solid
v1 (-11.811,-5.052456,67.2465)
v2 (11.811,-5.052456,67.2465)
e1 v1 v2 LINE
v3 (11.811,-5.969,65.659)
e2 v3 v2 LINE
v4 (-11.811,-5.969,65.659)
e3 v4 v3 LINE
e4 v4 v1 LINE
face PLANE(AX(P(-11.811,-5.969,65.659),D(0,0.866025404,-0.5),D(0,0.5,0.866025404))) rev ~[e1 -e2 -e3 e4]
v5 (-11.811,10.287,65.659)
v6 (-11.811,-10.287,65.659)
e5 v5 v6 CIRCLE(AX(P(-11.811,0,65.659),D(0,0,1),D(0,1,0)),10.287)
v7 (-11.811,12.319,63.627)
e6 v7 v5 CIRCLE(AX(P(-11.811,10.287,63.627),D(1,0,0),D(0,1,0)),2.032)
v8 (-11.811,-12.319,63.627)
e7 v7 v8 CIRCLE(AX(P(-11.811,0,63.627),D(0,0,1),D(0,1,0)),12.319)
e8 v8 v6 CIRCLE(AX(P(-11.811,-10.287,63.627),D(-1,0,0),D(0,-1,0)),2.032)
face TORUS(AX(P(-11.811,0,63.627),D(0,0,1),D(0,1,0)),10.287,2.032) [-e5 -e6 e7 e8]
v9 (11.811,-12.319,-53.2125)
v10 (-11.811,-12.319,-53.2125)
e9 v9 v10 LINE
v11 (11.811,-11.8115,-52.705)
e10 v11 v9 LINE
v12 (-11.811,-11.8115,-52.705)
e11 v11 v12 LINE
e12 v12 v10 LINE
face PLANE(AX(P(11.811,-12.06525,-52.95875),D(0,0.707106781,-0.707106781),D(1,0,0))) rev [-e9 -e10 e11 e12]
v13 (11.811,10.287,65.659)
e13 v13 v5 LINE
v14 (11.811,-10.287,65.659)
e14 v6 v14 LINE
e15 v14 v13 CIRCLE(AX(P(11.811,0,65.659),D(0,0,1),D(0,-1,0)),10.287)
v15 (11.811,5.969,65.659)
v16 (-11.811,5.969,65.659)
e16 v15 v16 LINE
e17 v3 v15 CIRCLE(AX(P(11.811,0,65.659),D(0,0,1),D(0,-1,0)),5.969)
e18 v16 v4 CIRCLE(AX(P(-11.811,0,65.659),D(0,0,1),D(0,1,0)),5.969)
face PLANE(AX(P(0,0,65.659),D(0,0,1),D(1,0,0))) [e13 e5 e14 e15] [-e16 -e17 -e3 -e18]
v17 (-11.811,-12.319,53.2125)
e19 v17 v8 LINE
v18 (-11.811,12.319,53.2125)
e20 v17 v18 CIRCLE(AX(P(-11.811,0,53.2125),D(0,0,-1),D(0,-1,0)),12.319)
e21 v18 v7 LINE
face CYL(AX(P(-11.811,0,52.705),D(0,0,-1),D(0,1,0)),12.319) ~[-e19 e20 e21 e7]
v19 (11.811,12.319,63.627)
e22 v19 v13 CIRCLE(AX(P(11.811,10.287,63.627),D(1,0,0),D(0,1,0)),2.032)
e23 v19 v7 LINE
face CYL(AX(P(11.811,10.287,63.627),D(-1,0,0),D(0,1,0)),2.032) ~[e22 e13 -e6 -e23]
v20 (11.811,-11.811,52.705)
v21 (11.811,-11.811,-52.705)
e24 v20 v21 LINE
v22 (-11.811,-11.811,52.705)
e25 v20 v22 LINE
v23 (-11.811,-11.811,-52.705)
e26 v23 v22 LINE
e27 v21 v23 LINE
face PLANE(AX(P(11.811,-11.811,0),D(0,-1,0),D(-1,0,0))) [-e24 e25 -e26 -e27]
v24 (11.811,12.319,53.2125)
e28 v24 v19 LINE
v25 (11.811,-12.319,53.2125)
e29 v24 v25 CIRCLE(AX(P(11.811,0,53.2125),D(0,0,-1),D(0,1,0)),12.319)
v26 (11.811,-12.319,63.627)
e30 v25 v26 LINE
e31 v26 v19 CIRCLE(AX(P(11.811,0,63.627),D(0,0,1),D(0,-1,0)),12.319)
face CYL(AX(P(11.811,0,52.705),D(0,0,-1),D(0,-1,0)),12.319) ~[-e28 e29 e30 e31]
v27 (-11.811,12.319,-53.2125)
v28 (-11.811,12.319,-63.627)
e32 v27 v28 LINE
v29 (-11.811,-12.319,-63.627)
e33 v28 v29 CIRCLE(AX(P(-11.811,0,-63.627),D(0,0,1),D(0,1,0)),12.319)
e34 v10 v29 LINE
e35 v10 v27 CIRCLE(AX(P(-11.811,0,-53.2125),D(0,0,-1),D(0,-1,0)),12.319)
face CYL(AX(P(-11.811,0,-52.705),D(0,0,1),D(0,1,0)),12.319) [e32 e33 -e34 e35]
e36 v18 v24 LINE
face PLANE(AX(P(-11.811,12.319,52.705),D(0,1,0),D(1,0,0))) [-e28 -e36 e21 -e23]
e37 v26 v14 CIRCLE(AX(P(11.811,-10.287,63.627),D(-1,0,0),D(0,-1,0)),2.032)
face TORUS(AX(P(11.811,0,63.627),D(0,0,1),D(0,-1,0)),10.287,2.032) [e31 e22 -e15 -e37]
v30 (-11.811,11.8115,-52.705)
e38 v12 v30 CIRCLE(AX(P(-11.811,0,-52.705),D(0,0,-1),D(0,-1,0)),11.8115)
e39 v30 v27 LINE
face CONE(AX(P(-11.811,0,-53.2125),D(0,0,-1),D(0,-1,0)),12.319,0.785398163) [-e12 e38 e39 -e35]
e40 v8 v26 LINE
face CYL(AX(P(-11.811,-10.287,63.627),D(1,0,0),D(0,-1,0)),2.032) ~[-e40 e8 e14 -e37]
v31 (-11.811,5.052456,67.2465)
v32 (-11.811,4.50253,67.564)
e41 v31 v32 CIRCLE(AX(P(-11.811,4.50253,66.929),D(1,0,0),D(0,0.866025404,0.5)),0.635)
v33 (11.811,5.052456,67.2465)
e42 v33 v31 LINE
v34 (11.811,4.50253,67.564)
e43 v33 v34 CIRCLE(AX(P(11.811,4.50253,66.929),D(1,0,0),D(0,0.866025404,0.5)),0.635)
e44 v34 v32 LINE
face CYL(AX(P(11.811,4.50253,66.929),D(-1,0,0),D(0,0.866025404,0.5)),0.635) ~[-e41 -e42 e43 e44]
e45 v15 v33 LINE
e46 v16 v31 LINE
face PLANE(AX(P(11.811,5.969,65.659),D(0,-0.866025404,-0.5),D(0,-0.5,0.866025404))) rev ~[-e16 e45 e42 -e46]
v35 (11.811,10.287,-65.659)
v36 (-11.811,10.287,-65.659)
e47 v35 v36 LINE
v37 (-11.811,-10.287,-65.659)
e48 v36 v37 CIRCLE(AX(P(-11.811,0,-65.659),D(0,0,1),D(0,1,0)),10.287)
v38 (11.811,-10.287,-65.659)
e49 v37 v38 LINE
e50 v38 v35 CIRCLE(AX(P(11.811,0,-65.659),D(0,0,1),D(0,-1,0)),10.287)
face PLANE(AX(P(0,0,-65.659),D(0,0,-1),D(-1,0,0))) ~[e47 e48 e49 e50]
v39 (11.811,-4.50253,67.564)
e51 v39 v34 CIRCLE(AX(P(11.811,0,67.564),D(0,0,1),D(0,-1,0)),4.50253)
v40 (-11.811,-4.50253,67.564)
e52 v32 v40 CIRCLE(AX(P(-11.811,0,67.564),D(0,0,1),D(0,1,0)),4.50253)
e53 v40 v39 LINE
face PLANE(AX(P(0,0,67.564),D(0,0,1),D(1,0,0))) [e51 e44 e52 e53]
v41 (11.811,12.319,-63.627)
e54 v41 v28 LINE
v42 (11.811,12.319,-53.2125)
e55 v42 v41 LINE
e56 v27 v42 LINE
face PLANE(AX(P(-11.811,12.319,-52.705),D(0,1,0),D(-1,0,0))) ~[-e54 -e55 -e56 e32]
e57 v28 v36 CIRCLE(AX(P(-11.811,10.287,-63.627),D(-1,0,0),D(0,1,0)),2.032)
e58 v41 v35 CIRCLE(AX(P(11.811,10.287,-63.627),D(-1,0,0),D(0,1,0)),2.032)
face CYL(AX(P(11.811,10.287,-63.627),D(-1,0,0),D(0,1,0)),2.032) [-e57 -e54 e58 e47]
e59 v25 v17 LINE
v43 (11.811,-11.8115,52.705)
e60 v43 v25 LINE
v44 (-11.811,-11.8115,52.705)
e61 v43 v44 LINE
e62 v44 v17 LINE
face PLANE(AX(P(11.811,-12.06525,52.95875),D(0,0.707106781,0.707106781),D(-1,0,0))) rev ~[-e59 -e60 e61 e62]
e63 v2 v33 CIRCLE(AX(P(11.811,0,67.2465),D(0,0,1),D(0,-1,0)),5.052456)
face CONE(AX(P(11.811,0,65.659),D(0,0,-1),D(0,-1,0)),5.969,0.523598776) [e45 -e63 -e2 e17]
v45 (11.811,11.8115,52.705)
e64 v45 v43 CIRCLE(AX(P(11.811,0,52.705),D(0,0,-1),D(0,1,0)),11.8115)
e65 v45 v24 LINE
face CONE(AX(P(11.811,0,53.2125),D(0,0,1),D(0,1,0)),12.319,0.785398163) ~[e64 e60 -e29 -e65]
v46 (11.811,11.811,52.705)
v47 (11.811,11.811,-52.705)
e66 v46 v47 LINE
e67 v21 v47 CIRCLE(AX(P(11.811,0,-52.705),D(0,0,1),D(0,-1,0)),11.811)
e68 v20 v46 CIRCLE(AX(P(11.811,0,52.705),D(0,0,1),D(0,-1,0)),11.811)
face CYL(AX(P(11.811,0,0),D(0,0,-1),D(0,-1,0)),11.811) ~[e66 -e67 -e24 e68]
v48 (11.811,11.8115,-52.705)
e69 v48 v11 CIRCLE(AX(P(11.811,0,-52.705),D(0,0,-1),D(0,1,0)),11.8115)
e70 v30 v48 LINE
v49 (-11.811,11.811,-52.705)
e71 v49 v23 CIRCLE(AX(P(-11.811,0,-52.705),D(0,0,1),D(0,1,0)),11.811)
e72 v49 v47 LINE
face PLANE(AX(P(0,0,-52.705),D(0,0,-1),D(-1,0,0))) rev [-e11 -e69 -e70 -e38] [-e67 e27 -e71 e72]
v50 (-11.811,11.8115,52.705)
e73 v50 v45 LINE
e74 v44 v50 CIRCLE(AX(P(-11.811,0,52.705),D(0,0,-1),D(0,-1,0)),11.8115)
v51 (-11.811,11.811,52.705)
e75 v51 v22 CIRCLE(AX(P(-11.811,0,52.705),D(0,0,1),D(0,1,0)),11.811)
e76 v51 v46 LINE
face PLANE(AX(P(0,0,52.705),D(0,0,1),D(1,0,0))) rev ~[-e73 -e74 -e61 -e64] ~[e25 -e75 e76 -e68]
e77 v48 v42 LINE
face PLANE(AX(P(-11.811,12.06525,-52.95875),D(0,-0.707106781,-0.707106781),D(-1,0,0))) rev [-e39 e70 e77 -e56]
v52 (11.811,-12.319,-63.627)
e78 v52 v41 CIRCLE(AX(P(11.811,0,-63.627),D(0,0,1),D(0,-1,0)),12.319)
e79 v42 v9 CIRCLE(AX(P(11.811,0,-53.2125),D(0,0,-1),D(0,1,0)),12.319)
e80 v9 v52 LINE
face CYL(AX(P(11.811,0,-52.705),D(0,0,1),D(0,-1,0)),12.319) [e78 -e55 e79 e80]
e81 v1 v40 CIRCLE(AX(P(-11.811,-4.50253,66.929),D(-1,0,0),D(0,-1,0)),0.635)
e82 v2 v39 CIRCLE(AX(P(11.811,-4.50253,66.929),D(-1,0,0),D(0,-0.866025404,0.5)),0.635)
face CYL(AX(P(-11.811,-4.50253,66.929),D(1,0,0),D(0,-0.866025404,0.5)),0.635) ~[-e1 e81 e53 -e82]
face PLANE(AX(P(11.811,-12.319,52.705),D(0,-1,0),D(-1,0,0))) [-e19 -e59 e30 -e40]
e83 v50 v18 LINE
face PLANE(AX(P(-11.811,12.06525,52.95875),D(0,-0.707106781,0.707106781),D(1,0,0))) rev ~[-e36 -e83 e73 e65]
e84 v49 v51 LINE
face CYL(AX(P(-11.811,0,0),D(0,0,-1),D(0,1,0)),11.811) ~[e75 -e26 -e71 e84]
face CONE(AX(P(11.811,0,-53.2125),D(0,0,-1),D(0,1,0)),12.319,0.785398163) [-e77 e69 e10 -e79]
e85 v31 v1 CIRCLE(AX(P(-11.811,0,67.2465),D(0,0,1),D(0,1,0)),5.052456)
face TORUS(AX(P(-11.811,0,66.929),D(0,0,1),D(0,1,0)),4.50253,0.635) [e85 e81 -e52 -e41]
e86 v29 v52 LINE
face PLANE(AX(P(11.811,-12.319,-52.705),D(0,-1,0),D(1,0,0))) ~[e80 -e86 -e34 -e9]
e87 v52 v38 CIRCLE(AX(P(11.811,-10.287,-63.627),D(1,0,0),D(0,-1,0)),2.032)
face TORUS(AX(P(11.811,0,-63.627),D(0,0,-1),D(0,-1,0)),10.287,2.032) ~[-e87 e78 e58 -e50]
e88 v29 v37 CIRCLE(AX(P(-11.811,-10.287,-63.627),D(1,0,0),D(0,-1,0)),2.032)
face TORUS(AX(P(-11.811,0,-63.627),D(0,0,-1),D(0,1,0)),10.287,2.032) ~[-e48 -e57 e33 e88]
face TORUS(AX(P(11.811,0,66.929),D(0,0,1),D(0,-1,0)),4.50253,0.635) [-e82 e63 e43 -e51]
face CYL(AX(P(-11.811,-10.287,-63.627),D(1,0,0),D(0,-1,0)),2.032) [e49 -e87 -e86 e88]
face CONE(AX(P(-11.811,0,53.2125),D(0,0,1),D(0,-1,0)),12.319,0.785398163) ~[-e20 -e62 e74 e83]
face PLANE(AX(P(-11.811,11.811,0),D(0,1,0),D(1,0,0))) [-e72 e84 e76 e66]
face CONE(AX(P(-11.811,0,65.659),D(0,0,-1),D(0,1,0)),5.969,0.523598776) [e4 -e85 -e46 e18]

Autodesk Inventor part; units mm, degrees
ref_plane "YZ Plane" through (0, 0, 0) normal (1, 0, 0) x (0, 1, 0)
ref_plane "XZ Plane" through (0, 0, 0) normal (0, 1, 0) x (-1, 0, 0)
ref_plane "XY Plane" through (0, 0, 0) normal (0, 0, 1) x (1, 0, 0)
sketch "Sketch1" plane through (0, 0, 0) normal (0, 0, 1) x (1, 0, 0)
  arc A0 (-11.811, 11.811) -> (-11.811, -11.811) centre (-11.811, 0) ccw
  line L0 (-11.811, 11.811) -> (11.811, 11.811)
  arc A1 (11.811, -11.811) -> (11.811, 11.811) centre (11.811, 0) ccw
  line L1 (11.811, -11.811) -> (-11.811, -11.811)
  point P0 (0, 0)
  point P1 (0, 0)
extrude "Extrusion1" add sketch "Sketch1" along normal mid plane 105.41
sketch "Sketch2" plane through (0, 0, 52.705) normal (0, 0, 1) x (1, 0, 0)
  arc A0 (11.811, -12.319) -> (11.811, 12.319) centre (11.811, 0) ccw
  line L0 (11.811, -12.319) -> (-11.811, -12.319)
  arc A1 (-11.811, 12.319) -> (-11.811, -12.319) centre (-11.811, 0) ccw
  line L1 (-11.811, 12.319) -> (11.811, 12.319)
  point P0 (0, 0)
  point P1 (0, 0)
extrude "Extrusion2" add sketch "Sketch2" along normal blind 12.954
fillet "Fillet1" radius 2.032 4 edges at (-24.13, 0, 65.659) (0, 12.319, 65.659) (24.13, 0, 65.659) (0, -12.319, 65.659)
chamfer "Chamfer1" distance 0.508 angle 45 4 edges at (0, 12.319, 52.705) (24.13, 0, 52.705) (0, -12.319, 52.705) (-24.13, 0, 52.705)
mirror "Mirror1" about plane through (0, 0, 0) normal (0, 0, 1) of "Extrusion2", "Fillet1", "Chamfer1"
sketch "Sketch3" plane through (0, 0, 65.659) normal (0, 0, 1) x (1, 0, 0)
  line L0 (11.811, 5.969) -> (-11.811, 5.969)
  arc A0 (11.811, -5.969) -> (11.811, 5.969) centre (11.811, 0) ccw
  line L1 (-11.811, -5.969) -> (11.811, -5.969)
  arc A1 (-11.811, 5.969) -> (-11.811, -5.969) centre (-11.811, 0) ccw
  point P0 (0, 0)
  point P1 (11.811, 0)
  point P2 (-11.811, 0)
  point P3 (0, 0)
extrude "Extrusion3" add sketch "Sketch3" along normal blind 1.905 draft -30
fillet "Fillet2" radius 0.635 4 edges at (0, 4.8691, 67.564) (16.6801, 0, 67.564) (0, -4.8691, 67.564) (-16.6801, 0, 67.564)
properties part number "276-1491"
